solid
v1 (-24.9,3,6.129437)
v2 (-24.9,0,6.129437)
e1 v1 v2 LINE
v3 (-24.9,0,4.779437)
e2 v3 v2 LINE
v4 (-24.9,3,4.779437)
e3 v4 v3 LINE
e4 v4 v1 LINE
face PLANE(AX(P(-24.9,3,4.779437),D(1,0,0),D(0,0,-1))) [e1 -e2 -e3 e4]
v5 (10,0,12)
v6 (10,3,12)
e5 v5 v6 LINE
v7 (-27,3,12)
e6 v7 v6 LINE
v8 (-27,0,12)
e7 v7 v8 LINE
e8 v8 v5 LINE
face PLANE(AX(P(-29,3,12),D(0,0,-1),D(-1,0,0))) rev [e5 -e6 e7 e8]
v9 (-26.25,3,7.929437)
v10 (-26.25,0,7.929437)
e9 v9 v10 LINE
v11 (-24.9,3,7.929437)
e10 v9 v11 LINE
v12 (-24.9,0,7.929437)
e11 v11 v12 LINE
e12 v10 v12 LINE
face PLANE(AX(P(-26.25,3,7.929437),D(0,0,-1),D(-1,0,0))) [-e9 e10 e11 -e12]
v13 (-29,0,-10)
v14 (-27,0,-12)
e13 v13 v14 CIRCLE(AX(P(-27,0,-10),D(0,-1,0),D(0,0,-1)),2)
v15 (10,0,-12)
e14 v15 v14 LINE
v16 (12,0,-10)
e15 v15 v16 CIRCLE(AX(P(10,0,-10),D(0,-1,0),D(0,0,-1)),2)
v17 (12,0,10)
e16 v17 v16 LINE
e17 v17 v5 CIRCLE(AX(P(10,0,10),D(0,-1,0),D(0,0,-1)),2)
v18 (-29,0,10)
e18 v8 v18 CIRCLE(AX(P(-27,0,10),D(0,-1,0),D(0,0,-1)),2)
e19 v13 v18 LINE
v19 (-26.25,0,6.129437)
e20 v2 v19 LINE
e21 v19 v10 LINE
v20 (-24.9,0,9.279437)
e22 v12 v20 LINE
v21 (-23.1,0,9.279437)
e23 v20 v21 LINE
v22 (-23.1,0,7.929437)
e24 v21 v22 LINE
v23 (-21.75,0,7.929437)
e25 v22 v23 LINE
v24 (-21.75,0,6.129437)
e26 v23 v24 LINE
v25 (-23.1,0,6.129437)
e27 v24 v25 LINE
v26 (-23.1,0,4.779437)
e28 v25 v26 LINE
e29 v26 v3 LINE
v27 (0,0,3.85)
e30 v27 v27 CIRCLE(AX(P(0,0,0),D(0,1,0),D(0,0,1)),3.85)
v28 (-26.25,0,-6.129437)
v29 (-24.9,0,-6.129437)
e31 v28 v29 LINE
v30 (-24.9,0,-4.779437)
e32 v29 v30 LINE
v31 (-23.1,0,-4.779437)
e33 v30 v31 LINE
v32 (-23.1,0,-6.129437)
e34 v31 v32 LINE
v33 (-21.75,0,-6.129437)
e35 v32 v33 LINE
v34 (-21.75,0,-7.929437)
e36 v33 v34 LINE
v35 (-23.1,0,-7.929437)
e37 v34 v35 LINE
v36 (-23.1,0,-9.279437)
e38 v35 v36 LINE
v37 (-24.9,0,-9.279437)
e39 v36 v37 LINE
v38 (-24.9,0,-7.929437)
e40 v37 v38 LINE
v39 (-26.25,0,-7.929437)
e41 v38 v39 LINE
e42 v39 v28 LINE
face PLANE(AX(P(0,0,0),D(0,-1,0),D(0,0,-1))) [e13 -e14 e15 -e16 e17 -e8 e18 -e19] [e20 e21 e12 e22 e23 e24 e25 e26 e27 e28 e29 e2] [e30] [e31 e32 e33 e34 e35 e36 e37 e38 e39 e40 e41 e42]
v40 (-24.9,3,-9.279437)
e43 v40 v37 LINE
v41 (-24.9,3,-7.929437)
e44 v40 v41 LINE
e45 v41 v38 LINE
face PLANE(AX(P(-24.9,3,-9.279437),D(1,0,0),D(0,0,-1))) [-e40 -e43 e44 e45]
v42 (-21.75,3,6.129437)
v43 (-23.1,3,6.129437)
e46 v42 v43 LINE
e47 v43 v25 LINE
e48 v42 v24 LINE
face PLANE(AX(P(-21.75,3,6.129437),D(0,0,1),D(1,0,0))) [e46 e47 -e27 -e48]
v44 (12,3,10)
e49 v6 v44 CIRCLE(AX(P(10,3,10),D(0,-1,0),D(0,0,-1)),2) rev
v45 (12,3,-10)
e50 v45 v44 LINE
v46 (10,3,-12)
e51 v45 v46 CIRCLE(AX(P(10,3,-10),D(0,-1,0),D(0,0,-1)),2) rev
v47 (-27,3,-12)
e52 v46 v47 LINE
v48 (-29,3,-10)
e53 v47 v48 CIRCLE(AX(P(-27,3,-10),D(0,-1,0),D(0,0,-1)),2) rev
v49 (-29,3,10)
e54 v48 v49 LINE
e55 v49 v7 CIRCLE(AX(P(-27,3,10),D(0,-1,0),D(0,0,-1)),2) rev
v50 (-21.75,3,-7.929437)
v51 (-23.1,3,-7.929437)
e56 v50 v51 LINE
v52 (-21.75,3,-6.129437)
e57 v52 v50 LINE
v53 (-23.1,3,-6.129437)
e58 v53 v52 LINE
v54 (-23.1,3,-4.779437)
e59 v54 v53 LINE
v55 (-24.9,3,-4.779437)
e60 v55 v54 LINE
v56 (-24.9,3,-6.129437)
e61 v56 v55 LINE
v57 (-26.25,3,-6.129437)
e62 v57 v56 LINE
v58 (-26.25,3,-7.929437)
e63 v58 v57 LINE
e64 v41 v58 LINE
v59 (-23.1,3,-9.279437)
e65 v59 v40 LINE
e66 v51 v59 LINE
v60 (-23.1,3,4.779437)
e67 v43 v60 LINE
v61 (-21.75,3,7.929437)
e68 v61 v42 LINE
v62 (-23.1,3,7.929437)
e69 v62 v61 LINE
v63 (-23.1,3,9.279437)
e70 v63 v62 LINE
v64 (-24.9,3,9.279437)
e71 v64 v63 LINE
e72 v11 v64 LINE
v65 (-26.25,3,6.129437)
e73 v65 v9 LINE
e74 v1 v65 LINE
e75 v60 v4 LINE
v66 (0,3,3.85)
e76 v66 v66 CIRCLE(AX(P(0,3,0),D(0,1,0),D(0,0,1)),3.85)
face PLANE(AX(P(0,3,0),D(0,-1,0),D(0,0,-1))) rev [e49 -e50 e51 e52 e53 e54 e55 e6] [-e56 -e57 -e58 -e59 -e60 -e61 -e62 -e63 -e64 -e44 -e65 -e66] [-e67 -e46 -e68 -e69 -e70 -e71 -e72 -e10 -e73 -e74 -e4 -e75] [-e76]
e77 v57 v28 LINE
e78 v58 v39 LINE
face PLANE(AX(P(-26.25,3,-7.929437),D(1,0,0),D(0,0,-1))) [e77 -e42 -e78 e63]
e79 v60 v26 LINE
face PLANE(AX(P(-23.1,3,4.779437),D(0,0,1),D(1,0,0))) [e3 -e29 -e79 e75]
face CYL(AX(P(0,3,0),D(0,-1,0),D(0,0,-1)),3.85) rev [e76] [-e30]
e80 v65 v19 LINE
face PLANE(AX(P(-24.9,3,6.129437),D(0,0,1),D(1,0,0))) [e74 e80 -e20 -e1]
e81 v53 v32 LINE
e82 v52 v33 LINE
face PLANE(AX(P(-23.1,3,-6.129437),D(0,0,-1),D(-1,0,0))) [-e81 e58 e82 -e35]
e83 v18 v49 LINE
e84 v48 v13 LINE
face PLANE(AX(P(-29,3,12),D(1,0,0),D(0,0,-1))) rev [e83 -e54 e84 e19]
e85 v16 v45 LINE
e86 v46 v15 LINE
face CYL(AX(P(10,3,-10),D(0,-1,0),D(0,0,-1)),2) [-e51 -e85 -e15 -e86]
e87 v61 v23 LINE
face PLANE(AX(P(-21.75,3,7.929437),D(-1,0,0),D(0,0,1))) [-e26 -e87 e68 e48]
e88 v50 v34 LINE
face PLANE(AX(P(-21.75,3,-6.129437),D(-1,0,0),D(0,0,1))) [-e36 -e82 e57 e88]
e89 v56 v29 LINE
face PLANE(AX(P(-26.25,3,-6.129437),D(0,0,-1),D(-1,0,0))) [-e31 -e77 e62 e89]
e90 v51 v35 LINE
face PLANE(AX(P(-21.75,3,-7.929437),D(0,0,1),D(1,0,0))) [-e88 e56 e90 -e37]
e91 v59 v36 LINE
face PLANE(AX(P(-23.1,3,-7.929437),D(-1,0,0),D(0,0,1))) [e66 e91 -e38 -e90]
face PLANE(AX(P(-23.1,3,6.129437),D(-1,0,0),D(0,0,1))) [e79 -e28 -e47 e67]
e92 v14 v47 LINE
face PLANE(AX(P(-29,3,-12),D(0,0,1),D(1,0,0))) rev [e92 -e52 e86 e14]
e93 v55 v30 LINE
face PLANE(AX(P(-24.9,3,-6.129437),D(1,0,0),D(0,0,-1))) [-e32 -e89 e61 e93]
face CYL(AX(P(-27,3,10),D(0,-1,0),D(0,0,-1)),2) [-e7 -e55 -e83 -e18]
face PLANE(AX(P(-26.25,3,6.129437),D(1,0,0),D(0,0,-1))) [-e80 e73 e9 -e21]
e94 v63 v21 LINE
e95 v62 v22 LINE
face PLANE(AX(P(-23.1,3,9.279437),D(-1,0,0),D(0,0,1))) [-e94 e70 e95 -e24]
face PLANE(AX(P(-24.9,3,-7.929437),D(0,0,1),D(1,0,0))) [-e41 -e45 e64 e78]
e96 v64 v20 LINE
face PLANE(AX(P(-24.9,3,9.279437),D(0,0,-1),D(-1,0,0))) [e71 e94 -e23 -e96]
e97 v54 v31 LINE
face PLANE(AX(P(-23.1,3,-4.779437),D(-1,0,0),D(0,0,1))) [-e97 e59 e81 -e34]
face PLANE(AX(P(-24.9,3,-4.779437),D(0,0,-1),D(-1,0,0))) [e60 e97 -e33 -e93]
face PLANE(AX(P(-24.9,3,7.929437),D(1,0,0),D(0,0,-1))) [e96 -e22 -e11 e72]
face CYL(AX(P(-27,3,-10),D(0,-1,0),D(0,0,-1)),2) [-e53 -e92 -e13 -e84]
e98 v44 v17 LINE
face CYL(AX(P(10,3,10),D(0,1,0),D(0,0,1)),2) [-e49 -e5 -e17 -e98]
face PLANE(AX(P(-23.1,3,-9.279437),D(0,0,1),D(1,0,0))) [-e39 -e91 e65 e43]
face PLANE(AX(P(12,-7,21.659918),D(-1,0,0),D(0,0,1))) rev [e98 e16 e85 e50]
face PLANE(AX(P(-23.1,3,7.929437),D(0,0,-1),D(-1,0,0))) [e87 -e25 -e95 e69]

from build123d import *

# Parameters (mm, degrees)
SKETCH1_R           = 3.85
SKETCH1_R_2         = 2.25
BOSS_EXTRUDE1_DEPTH = 3
FILLET1_R           = 2
SKETCH2_W           = 35.37250713
SKETCH2_H           = 42.722638482
CUT_EXTRUDE1_DEPTH  = 10
FILLET2_R           = 2


with BuildPart() as part:
    # Sketch1 → Boss-Extrude1 (new body)
    with BuildSketch(Plane(origin=(0, 0, 0), x_dir=(1, 0, 0), z_dir=(0, 1, 0))):
        Polygon((-29, -12), (29, -12), (29, -6), (21.6, -6), (21.6, 6), (29, 6), (29, 12), (-29, 12), align=None)
        Circle(SKETCH1_R, mode=Mode.SUBTRACT)
        with Locations((23.8, 9)):
            Circle(SKETCH1_R_2, mode=Mode.SUBTRACT)
        with Locations((23.8, -9)):
            Circle(SKETCH1_R_2, mode=Mode.SUBTRACT)
        Polygon((-21.75, -6.129437252), (-23.1, -6.129437252), (-23.1, -4.779437252), (-24.9, -4.779437252), (-24.9, -6.129437252), (-26.25, -6.129437252), (-26.25, -7.929437252), (-24.9, -7.929437252), (-24.9, -9.279437252), (-23.1, -9.279437252), (-23.1, -7.929437252), (-21.75, -7.929437252), align=None, mode=Mode.SUBTRACT)
        Polygon((-23.1, 6.129437252), (-21.75, 6.129437252), (-21.75, 7.929437252), (-23.1, 7.929437252), (-23.1, 9.279437252), (-24.9, 9.279437252), (-24.9, 7.929437252), (-26.25, 7.929437252), (-26.25, 6.129437252), (-24.9, 6.129437252), (-24.9, 4.779437252), (-23.1, 4.779437252), align=None, mode=Mode.SUBTRACT)
    extrude(amount=BOSS_EXTRUDE1_DEPTH)

    # Fillet1
    fillet1_edges = [part.edges().sort_by_distance(p)[0] for p in [
        (29, 1.5, -6),
        (21.6, 1.5, -6),
        (21.6, 1.5, 6),
        (29, 1.5, 6),
        (29, 1.5, 12),
        (-29, 1.5, 12),
        (-29, 1.5, -12),
        (29, 1.5, -12),
    ]]
    fillet(fillet1_edges, radius=FILLET1_R)

    # Sketch2 → Cut-Extrude1 (cut)
    with BuildSketch(Plane(origin=(0, 3, 0), x_dir=(1, 0, 0), z_dir=(0, 1, 0))):
        with Locations((29.686253565, -0.298599086)):
            Rectangle(SKETCH2_W, SKETCH2_H)
    extrude(amount=-CUT_EXTRUDE1_DEPTH, mode=Mode.SUBTRACT)

    # Fillet2
    fillet2_edges = [part.edges().sort_by_distance(p)[0] for p in [
        (12, 1.5, 12),
        (12, 1.5, -12),
    ]]
    fillet(fillet2_edges, radius=FILLET2_R)


solid = part.part
